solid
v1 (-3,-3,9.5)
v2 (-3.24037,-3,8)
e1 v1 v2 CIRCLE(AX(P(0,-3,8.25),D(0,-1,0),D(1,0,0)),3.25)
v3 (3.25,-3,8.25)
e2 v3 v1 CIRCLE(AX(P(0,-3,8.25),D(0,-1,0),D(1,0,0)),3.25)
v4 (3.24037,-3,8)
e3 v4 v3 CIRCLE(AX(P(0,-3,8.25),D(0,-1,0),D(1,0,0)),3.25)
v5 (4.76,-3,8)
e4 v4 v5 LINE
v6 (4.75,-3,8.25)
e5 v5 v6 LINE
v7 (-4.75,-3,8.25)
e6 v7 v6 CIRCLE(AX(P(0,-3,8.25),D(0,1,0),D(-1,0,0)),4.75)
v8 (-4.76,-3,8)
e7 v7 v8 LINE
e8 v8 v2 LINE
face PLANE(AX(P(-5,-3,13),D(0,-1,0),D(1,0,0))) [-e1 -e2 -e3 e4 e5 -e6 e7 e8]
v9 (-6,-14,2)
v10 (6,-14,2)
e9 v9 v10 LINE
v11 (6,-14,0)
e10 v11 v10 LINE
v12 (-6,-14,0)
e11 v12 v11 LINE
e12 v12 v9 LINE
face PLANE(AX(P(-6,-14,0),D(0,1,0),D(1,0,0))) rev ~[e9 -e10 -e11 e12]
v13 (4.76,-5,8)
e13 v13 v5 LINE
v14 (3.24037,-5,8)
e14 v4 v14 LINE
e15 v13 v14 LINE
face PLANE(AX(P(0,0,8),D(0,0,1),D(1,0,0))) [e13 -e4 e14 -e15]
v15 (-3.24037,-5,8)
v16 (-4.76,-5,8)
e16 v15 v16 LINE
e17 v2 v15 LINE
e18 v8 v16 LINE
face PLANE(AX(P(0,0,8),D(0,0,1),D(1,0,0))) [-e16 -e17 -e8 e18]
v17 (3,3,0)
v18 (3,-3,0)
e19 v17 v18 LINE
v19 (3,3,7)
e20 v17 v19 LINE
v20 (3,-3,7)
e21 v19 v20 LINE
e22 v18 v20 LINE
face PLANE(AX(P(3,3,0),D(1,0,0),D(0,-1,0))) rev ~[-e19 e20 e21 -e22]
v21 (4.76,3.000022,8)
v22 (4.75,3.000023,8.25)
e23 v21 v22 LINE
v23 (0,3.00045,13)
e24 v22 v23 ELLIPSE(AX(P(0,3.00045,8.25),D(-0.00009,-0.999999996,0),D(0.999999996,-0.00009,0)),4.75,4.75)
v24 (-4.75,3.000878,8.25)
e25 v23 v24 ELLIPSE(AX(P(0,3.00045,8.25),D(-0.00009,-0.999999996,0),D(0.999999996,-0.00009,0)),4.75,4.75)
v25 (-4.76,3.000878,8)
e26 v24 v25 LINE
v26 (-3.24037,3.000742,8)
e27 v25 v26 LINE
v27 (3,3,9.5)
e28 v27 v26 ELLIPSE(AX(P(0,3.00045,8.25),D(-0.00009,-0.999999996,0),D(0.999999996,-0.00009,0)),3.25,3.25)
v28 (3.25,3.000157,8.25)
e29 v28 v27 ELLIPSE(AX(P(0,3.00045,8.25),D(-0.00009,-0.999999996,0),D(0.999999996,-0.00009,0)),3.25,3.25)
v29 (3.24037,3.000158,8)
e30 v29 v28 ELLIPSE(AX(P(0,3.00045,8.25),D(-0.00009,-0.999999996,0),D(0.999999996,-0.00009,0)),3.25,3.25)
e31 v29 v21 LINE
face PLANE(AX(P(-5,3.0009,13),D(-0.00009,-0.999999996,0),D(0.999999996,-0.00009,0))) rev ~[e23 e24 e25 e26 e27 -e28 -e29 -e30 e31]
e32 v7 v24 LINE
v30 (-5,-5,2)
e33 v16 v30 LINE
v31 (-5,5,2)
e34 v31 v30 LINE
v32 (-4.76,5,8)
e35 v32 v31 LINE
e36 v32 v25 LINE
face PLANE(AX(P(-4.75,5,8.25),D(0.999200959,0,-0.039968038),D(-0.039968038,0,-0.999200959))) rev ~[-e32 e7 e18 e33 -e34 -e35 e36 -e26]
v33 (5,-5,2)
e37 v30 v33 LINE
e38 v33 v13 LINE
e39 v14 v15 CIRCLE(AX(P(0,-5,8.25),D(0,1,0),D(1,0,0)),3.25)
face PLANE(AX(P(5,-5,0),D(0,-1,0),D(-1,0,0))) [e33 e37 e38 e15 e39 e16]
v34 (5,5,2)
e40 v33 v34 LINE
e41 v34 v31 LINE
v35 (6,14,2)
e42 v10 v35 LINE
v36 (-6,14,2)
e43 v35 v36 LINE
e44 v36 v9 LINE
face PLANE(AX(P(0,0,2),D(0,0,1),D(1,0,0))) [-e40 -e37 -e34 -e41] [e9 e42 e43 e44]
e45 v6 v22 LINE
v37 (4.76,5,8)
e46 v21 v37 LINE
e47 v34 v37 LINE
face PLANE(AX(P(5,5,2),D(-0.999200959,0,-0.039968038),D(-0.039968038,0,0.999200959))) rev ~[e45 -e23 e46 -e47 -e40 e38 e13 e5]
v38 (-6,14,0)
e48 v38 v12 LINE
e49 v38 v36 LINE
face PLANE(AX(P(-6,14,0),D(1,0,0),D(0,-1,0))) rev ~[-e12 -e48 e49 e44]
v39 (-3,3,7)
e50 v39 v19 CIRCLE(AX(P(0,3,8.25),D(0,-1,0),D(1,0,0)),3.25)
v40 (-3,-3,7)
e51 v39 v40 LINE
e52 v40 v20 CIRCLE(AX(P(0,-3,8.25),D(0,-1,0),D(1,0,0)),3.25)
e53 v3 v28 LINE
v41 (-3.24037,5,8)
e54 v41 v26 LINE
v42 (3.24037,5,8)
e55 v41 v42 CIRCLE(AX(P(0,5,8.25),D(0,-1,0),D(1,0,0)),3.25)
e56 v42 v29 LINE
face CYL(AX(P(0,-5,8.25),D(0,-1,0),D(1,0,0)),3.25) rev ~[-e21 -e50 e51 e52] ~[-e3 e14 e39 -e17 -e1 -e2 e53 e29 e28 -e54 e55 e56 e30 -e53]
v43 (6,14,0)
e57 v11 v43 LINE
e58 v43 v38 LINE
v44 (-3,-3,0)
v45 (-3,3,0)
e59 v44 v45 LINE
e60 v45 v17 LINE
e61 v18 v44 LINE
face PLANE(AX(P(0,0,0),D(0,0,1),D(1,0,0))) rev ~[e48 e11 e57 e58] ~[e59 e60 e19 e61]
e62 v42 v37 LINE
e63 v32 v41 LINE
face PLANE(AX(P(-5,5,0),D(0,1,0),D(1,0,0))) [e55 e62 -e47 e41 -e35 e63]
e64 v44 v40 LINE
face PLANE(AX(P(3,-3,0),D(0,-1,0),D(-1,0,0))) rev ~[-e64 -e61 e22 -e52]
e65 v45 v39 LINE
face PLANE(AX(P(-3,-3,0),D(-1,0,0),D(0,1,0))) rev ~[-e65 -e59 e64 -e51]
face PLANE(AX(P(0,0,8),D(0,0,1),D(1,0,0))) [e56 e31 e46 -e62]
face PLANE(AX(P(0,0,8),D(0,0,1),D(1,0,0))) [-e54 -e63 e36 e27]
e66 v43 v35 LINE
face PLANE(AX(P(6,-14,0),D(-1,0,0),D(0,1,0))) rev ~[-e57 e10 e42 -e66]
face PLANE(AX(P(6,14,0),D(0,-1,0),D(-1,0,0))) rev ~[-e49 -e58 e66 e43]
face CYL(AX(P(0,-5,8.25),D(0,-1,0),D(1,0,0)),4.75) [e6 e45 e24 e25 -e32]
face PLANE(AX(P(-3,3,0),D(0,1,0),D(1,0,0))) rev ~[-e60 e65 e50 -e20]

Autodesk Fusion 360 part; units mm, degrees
sketch "Sketch1" plane through (0, 0, 0) normal (0, 0, 1) x (1, 0, 0)
sketch "Sketch2" plane through (0, 0, 0) normal (0, 0, 1) x (1, 0, 0)
  line L0 (6, 14) -> (-6, 14)
  line L1 (-6, 14) -> (-6, -14)
  line L2 (-6, -14) -> (6, -14)
  line L3 (6, -14) -> (6, 14)
  line L4 (6, 14) -> (-6, -14) construction
  line L5 (-6, 14) -> (6, -14) construction
  line L6 (-3, 3) -> (3, 3)
  line L7 (3, 3) -> (3, -3)
  line L8 (3, -3) -> (-3, -3)
  line L9 (-3, -3) -> (-3, 3)
  line L10 (-3, 3) -> (3, -3) construction
  line L11 (3, 3) -> (-3, -3) construction
  line L12 (5, -5) -> (-5, -5)
  line L13 (-5, -5) -> (-5, 5)
  line L14 (-5, 5) -> (5, 5)
  line L15 (5, 5) -> (5, -5)
  dimension "d10" = 12
  dimension "d11" = 28
  dimension "d12" = 6
  dimension "d13" = 6
  dimension "d14" = -2
extrude "Extrude3" add sketch "Sketch2" along normal blind 2 contours L0 L1 L2 L3 | L6 L7 L8 L9 | L12 L13 L14 L15
extrude "Extrude4" add sketch "Sketch2" along normal blind 13 contours L6 L7 L8 L9 | L12 L13 L14 L15
extrude "Extrude5" cut sketch "Sketch2" along normal blind 9.5 contours L6 L7 L8 L9
sketch "Sketch3" plane through (0, -5, 0) normal (0, -1, 0) x (1, 0, 0)
  line L0 (-5, 2) -> (5, 2)
  line L1 (5, 2) -> (5, 13)
  line L2 (5, 13) -> (-5, 13)
  line L3 (-5, 13) -> (-5, 2)
  line L4 (0, 13) -> (0, 11.5)
  line L5 (0, 11.5) -> (0, 5)
  line L6 (0, 5) -> (0, 2)
  line L7 (0, 11.5) -> (0, 8.25)
  circle A0 centre (0, 8.25) radius 3.25
  circle A1 centre (0, 8.25) radius 4.75
  line L8 (0, 8.25) -> (5, 8.25)
  line L9 (5, 8.25) -> (-5, 8.25)
  dimension "d21" = 1.5
  dimension "d22" = 6.5
  dimension "d23" = 3.25
  dimension "d24" = 6.5
  dimension "d25" = 1.5
extrude "Extrude6" cut sketch "Sketch3" against normal blind 12 contours L5 A0 L9 | L5 A0 L8 L9 | L5 L7 A0 L9 | L5 L7 A0 L8 L9
extrude "Extrude7" cut sketch "Sketch3" against normal blind 10 contours L2 L3 A1 L9 | L1 L2 A1 L8 L9
sketch "Sketch4" plane through (0, 5, 0) normal (0, 1, 0) x (-1, 0, 0)
  line L0 (-4.75, 8.25) -> (-5, 8.25)
  line L1 (-5, 8.25) -> (-5, 2)
  line L2 (-5, 2) -> (5, 2)
  line L3 (5, 2) -> (5, 8.25)
  line L4 (5, 8.25) -> (4.75, 8.25)
  arc A0 (4.75, 8.25) -> (-4.75, 8.25) centre (0, 8.25) ccw
  circle A1 centre (0, 8.25) radius 3.25
  line L5 (4.75, 8.25) -> (5, 2)
  line L6 (-5, 2) -> (-4.75, 8.25)
extrude "Extrude8" cut sketch "Sketch4" against normal blind 10 contours L0 L1 L6 | L3 L4 L5
sketch "Sketch5" plane through (0, 0, 0) normal (0, 0, 1) x (1, 0, 0)
  line L0 (3, 3) -> (-3, 3)
  line L1 (-3, 3) -> (-3, -3)
  line L2 (-3, -3) -> (3, -3)
  line L3 (3, -3) -> (3, 3)
  line L4 (3, 3) -> (-3, -3) construction
  line L5 (-3, 3) -> (3, -3) construction
  dimension "d32" = 6
  dimension "d33" = 6
ref_plane "WorkPlane1" through (0, 0, 13) normal (0, 0, 1) x (1, 0, 0)
sketch "Sketch6" plane through (0, 0, 13) normal (0, 0, 1) x (1, 0, 0)
  line L0 (5, 3) -> (-5, 3)
  line L1 (-5, 3) -> (-5, -3)
  line L2 (-5, -3) -> (5, -3)
  line L3 (5, -3) -> (5, 3)
  line L4 (5, 3) -> (-5, -3) construction
  line L5 (-5, 3) -> (5, -3) construction
  dimension "d35" = 10
  dimension "d36" = 6
sketch "Sketch7" plane through (0, 0, 13) normal (0, 0, 1) x (1, 0, 0)
  line L0 (-5, 5) -> (5, 5)
  line L1 (5, 5) -> (5, -5)
  line L2 (5, -5) -> (-5, -5)
  line L3 (-5, -5) -> (-5, 5)
  line L4 (-5, 5) -> (5, -5) construction
  line L5 (5, 5) -> (-5, -5) construction
  line L6 (5, -5) -> (-5, -5)
  line L7 (-5, -5) -> (-5, -3)
  line L8 (-5, -3) -> (5, -3)
  line L9 (5, -3) -> (5, -5)
  line L10 (5, 5) -> (5, 5)
  line L11 (5, 5) -> (5, 3)
  line L12 (5, 3) -> (5, 3)
  line L13 (5, 3) -> (5, 5)
  line L14 (-5, 3.0009) -> (5, 3.0009)
  line L15 (5, 3.0009) -> (5, 5)
  line L16 (5, 5) -> (-5, 5)
  line L17 (-5, 5) -> (-5, 3.0009)
  dimension "d37" = 10
extrude "Extrude9" cut sketch "Sketch7" against normal blind 5 contours L0 L1 L3 L11 L13 L14 L15 L16 L17 | L1 L2 L3 L6 L7 L8 L9
